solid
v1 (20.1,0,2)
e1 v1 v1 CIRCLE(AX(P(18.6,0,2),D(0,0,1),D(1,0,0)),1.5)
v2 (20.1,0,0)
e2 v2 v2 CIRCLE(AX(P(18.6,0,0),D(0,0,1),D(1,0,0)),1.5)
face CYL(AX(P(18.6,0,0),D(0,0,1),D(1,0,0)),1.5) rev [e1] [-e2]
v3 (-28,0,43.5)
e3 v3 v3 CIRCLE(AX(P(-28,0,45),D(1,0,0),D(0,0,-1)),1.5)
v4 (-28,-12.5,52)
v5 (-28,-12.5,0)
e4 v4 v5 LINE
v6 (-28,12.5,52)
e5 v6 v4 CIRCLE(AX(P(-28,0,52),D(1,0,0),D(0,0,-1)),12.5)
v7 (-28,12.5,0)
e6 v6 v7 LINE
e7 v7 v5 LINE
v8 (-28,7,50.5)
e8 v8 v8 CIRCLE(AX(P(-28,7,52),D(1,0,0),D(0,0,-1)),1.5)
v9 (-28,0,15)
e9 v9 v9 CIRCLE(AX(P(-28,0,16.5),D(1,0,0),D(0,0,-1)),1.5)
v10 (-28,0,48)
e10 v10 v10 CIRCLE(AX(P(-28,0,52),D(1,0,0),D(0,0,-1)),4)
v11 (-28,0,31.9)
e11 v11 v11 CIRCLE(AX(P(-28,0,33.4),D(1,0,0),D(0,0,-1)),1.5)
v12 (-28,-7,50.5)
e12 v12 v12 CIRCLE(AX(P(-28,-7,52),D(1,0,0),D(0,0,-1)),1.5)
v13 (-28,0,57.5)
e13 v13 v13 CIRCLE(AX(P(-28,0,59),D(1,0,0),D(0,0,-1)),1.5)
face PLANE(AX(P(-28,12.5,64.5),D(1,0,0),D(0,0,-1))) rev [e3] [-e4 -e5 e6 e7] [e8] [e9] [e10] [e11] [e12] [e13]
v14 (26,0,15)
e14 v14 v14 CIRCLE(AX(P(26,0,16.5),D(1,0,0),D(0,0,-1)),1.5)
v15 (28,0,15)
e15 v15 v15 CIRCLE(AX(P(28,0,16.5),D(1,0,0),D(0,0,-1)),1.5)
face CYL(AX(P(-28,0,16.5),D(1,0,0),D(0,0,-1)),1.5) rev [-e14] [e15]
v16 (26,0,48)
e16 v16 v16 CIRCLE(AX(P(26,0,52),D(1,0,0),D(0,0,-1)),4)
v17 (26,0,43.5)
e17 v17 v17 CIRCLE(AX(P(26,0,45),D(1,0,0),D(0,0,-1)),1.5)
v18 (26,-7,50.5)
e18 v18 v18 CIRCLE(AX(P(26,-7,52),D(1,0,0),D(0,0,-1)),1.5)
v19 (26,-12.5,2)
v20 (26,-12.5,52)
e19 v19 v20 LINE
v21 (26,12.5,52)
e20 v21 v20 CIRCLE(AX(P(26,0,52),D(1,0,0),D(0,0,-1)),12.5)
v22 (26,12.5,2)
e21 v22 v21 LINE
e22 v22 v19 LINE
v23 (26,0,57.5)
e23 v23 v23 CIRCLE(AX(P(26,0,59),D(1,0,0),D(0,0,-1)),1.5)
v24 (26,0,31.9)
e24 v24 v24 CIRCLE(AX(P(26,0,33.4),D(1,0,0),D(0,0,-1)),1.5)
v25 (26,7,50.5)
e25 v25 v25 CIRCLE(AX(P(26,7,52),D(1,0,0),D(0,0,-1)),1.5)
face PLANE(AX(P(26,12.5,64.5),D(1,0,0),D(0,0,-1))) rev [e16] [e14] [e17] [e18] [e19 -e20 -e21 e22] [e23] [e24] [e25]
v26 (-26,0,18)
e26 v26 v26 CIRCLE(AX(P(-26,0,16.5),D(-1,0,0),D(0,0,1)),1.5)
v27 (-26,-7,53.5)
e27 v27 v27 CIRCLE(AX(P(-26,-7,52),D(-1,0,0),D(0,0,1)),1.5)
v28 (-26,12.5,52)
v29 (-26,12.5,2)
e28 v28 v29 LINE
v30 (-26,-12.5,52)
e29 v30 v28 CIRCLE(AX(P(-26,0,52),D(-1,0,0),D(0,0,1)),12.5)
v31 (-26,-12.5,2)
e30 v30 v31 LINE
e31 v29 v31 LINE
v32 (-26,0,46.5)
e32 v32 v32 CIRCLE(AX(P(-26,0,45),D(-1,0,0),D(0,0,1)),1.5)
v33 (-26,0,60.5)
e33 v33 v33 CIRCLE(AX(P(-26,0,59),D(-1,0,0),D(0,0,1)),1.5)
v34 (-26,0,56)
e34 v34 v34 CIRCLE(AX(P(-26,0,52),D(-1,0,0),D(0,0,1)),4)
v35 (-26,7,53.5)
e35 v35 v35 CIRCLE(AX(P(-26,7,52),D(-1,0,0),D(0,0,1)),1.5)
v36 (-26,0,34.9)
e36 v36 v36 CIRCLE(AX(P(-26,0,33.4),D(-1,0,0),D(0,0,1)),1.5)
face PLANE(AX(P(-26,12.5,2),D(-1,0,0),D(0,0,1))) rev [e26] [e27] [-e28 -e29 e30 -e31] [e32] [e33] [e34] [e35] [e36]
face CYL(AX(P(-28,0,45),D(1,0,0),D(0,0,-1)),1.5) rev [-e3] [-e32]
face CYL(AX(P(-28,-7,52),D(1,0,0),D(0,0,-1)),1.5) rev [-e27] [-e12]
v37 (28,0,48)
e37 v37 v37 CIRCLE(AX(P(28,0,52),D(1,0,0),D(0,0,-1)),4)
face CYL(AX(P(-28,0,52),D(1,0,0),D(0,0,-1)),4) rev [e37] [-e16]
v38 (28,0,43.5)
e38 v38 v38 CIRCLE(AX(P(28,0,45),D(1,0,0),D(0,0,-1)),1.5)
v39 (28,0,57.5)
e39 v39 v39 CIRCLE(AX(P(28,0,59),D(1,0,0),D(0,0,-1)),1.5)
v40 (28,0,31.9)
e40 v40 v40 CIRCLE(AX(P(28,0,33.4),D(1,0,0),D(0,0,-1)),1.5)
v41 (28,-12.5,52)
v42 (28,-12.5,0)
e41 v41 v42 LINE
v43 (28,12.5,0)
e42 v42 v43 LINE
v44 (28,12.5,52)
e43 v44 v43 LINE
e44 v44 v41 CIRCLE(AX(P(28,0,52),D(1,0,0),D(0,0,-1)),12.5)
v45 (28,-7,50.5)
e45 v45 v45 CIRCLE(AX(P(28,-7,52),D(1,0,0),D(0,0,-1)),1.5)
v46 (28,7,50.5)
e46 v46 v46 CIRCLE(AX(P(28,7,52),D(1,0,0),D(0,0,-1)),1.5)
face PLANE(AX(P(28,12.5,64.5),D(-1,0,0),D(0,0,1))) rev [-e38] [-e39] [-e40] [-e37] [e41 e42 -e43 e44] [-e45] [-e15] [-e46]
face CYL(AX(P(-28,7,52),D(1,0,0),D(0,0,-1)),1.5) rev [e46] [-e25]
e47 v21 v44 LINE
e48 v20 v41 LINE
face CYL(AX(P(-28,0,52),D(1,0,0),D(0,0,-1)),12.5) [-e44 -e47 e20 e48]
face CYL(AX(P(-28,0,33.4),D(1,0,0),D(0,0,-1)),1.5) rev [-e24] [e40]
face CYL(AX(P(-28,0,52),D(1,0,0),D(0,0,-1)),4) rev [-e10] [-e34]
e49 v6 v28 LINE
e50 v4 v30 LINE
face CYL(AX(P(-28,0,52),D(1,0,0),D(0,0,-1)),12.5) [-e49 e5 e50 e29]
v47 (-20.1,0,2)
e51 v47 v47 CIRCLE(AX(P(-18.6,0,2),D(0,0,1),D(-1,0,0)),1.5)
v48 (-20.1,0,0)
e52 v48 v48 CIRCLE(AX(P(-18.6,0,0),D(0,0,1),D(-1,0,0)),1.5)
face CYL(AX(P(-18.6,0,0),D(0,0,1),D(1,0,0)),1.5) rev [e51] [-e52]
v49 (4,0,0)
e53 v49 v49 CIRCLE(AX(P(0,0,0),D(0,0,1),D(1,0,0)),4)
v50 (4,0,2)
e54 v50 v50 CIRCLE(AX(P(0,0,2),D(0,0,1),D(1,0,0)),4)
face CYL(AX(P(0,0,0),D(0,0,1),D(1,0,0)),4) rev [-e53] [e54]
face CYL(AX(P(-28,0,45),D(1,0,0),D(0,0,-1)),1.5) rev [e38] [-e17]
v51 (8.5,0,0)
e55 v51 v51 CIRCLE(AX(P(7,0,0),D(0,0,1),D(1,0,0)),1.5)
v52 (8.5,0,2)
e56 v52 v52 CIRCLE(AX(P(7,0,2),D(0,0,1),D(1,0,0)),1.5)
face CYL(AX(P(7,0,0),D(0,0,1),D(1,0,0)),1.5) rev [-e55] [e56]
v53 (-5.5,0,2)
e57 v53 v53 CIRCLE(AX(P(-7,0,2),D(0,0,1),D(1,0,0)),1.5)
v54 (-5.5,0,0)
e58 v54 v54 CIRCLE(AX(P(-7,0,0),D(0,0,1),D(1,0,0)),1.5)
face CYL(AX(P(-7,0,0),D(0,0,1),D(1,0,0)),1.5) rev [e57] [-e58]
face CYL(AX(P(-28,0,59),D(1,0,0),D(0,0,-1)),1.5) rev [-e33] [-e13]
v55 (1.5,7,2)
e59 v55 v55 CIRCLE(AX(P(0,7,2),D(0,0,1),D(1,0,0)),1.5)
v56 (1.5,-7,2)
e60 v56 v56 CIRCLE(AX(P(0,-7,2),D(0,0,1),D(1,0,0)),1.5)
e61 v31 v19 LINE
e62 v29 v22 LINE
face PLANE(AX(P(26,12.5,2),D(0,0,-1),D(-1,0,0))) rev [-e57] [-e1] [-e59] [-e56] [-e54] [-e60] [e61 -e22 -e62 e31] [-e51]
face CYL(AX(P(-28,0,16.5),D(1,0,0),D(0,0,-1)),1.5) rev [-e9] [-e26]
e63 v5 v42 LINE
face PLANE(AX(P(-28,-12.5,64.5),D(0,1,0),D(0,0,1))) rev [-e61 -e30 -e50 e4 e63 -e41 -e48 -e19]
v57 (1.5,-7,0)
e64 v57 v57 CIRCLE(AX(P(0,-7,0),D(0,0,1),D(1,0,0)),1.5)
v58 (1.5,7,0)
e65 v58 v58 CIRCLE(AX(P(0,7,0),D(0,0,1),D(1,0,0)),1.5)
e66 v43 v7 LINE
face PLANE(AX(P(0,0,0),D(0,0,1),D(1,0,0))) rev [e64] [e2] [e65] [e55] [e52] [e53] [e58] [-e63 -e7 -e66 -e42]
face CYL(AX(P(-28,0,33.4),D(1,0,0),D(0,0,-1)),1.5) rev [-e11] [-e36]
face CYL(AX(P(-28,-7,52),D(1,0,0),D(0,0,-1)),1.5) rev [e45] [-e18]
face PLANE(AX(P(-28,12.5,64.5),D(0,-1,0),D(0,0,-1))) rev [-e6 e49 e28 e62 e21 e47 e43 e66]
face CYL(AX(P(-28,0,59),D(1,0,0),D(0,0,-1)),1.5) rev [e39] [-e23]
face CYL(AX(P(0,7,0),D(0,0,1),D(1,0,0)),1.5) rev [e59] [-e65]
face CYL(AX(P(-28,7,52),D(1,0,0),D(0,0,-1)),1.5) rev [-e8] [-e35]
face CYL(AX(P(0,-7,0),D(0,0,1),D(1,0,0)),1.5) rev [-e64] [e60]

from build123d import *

# Parameters (mm, degrees)
SKETCH_1_W          = 56
SKETCH_1_H          = 25
EXTRUDE_1_DEPTH     = 64.5
CUT_EXTRUDE_1_DEPTH = 75.627407834
SKETCH_4_R          = 4
SKETCH_4_R_2        = 1.5
CUT_EXTRUDE_3_DEPTH = 70.616808315
CUT_EXTRUDE_4_DEPTH = 87.327863405
SKETCH_5_R          = 4
SKETCH_5_R_2        = 1.5
CUT_EXTRUDE_5_DEPTH = 87.327863405


with BuildPart() as part:
    # 草图1 → 凸台-拉伸1 (new body)
    with BuildSketch(Plane.XY):
        Rectangle(SKETCH_1_W, SKETCH_1_H)
    extrude(amount=EXTRUDE_1_DEPTH)

    # 草图2 → 切除-拉伸1 (cut, through all)
    with BuildSketch(Plane.XZ.offset(12.5)):
        Polygon((0, 64.5), (26, 64.5), (26, 2), (-26, 2), (-26, 64.5), align=None)
    extrude(amount=-CUT_EXTRUDE_1_DEPTH, mode=Mode.SUBTRACT)

    # 草图4 → 切除-拉伸3 (cut, through all)
    with BuildSketch(Plane.XY.offset(2)):
        Circle(SKETCH_4_R)
        with Locations((0, 7)):
            Circle(SKETCH_4_R_2)
        with Locations((0, -7)):
            Circle(SKETCH_4_R_2)
        with Locations((-7, 0)):
            Circle(SKETCH_4_R_2)
        with Locations((7, 0)):
            Circle(SKETCH_4_R_2)
        with Locations((18.6, 0)):
            Circle(SKETCH_4_R_2)
        with Locations(Location((-18.6, 0, 0), (0, 0, 180))):
            Circle(SKETCH_4_R_2)
    extrude(amount=-CUT_EXTRUDE_3_DEPTH, mode=Mode.SUBTRACT)

    # 草图3 → 切除-拉伸4 (cut, through all)
    with BuildSketch(Plane(origin=(28, 0, 0), x_dir=(0, 0, -1), z_dir=(1, 0, 0))):
        with BuildLine():
            ThreePointArc((-64.5, 0), (-60.838834765, 8.838834765), (-52, 12.5))
            Line((-52, 12.5), (-64.5, 12.5))
            Line((-64.5, 12.5), (-64.5, 0))
        make_face()
        with BuildLine():
            ThreePointArc((-52, -12.5), (-60.838834765, -8.838834765), (-64.5, 0))
            Line((-64.5, 0), (-64.5, -12.5))
            Line((-64.5, -12.5), (-52, -12.5))
        make_face()
    extrude(amount=-CUT_EXTRUDE_4_DEPTH, mode=Mode.SUBTRACT)

    # 草图5 → 切除-拉伸5 (cut, through all)
    with BuildSketch(Plane(origin=(28, 0, 0), x_dir=(0, 0, -1), z_dir=(1, 0, 0))):
        with Locations((-52, 0)):
            Circle(SKETCH_5_R)
        with Locations((-52, 7)):
            Circle(SKETCH_5_R_2)
        with Locations((-59, 0)):
            Circle(SKETCH_5_R_2)
        with Locations((-52, -7)):
            Circle(SKETCH_5_R_2)
        with Locations((-45, 0)):
            Circle(SKETCH_5_R_2)
        with Locations((-33.4, 0)):
            Circle(SKETCH_5_R_2)
        with Locations((-16.5, 0)):
            Circle(SKETCH_5_R_2)
    extrude(amount=-CUT_EXTRUDE_5_DEPTH, mode=Mode.SUBTRACT)


solid = part.part
